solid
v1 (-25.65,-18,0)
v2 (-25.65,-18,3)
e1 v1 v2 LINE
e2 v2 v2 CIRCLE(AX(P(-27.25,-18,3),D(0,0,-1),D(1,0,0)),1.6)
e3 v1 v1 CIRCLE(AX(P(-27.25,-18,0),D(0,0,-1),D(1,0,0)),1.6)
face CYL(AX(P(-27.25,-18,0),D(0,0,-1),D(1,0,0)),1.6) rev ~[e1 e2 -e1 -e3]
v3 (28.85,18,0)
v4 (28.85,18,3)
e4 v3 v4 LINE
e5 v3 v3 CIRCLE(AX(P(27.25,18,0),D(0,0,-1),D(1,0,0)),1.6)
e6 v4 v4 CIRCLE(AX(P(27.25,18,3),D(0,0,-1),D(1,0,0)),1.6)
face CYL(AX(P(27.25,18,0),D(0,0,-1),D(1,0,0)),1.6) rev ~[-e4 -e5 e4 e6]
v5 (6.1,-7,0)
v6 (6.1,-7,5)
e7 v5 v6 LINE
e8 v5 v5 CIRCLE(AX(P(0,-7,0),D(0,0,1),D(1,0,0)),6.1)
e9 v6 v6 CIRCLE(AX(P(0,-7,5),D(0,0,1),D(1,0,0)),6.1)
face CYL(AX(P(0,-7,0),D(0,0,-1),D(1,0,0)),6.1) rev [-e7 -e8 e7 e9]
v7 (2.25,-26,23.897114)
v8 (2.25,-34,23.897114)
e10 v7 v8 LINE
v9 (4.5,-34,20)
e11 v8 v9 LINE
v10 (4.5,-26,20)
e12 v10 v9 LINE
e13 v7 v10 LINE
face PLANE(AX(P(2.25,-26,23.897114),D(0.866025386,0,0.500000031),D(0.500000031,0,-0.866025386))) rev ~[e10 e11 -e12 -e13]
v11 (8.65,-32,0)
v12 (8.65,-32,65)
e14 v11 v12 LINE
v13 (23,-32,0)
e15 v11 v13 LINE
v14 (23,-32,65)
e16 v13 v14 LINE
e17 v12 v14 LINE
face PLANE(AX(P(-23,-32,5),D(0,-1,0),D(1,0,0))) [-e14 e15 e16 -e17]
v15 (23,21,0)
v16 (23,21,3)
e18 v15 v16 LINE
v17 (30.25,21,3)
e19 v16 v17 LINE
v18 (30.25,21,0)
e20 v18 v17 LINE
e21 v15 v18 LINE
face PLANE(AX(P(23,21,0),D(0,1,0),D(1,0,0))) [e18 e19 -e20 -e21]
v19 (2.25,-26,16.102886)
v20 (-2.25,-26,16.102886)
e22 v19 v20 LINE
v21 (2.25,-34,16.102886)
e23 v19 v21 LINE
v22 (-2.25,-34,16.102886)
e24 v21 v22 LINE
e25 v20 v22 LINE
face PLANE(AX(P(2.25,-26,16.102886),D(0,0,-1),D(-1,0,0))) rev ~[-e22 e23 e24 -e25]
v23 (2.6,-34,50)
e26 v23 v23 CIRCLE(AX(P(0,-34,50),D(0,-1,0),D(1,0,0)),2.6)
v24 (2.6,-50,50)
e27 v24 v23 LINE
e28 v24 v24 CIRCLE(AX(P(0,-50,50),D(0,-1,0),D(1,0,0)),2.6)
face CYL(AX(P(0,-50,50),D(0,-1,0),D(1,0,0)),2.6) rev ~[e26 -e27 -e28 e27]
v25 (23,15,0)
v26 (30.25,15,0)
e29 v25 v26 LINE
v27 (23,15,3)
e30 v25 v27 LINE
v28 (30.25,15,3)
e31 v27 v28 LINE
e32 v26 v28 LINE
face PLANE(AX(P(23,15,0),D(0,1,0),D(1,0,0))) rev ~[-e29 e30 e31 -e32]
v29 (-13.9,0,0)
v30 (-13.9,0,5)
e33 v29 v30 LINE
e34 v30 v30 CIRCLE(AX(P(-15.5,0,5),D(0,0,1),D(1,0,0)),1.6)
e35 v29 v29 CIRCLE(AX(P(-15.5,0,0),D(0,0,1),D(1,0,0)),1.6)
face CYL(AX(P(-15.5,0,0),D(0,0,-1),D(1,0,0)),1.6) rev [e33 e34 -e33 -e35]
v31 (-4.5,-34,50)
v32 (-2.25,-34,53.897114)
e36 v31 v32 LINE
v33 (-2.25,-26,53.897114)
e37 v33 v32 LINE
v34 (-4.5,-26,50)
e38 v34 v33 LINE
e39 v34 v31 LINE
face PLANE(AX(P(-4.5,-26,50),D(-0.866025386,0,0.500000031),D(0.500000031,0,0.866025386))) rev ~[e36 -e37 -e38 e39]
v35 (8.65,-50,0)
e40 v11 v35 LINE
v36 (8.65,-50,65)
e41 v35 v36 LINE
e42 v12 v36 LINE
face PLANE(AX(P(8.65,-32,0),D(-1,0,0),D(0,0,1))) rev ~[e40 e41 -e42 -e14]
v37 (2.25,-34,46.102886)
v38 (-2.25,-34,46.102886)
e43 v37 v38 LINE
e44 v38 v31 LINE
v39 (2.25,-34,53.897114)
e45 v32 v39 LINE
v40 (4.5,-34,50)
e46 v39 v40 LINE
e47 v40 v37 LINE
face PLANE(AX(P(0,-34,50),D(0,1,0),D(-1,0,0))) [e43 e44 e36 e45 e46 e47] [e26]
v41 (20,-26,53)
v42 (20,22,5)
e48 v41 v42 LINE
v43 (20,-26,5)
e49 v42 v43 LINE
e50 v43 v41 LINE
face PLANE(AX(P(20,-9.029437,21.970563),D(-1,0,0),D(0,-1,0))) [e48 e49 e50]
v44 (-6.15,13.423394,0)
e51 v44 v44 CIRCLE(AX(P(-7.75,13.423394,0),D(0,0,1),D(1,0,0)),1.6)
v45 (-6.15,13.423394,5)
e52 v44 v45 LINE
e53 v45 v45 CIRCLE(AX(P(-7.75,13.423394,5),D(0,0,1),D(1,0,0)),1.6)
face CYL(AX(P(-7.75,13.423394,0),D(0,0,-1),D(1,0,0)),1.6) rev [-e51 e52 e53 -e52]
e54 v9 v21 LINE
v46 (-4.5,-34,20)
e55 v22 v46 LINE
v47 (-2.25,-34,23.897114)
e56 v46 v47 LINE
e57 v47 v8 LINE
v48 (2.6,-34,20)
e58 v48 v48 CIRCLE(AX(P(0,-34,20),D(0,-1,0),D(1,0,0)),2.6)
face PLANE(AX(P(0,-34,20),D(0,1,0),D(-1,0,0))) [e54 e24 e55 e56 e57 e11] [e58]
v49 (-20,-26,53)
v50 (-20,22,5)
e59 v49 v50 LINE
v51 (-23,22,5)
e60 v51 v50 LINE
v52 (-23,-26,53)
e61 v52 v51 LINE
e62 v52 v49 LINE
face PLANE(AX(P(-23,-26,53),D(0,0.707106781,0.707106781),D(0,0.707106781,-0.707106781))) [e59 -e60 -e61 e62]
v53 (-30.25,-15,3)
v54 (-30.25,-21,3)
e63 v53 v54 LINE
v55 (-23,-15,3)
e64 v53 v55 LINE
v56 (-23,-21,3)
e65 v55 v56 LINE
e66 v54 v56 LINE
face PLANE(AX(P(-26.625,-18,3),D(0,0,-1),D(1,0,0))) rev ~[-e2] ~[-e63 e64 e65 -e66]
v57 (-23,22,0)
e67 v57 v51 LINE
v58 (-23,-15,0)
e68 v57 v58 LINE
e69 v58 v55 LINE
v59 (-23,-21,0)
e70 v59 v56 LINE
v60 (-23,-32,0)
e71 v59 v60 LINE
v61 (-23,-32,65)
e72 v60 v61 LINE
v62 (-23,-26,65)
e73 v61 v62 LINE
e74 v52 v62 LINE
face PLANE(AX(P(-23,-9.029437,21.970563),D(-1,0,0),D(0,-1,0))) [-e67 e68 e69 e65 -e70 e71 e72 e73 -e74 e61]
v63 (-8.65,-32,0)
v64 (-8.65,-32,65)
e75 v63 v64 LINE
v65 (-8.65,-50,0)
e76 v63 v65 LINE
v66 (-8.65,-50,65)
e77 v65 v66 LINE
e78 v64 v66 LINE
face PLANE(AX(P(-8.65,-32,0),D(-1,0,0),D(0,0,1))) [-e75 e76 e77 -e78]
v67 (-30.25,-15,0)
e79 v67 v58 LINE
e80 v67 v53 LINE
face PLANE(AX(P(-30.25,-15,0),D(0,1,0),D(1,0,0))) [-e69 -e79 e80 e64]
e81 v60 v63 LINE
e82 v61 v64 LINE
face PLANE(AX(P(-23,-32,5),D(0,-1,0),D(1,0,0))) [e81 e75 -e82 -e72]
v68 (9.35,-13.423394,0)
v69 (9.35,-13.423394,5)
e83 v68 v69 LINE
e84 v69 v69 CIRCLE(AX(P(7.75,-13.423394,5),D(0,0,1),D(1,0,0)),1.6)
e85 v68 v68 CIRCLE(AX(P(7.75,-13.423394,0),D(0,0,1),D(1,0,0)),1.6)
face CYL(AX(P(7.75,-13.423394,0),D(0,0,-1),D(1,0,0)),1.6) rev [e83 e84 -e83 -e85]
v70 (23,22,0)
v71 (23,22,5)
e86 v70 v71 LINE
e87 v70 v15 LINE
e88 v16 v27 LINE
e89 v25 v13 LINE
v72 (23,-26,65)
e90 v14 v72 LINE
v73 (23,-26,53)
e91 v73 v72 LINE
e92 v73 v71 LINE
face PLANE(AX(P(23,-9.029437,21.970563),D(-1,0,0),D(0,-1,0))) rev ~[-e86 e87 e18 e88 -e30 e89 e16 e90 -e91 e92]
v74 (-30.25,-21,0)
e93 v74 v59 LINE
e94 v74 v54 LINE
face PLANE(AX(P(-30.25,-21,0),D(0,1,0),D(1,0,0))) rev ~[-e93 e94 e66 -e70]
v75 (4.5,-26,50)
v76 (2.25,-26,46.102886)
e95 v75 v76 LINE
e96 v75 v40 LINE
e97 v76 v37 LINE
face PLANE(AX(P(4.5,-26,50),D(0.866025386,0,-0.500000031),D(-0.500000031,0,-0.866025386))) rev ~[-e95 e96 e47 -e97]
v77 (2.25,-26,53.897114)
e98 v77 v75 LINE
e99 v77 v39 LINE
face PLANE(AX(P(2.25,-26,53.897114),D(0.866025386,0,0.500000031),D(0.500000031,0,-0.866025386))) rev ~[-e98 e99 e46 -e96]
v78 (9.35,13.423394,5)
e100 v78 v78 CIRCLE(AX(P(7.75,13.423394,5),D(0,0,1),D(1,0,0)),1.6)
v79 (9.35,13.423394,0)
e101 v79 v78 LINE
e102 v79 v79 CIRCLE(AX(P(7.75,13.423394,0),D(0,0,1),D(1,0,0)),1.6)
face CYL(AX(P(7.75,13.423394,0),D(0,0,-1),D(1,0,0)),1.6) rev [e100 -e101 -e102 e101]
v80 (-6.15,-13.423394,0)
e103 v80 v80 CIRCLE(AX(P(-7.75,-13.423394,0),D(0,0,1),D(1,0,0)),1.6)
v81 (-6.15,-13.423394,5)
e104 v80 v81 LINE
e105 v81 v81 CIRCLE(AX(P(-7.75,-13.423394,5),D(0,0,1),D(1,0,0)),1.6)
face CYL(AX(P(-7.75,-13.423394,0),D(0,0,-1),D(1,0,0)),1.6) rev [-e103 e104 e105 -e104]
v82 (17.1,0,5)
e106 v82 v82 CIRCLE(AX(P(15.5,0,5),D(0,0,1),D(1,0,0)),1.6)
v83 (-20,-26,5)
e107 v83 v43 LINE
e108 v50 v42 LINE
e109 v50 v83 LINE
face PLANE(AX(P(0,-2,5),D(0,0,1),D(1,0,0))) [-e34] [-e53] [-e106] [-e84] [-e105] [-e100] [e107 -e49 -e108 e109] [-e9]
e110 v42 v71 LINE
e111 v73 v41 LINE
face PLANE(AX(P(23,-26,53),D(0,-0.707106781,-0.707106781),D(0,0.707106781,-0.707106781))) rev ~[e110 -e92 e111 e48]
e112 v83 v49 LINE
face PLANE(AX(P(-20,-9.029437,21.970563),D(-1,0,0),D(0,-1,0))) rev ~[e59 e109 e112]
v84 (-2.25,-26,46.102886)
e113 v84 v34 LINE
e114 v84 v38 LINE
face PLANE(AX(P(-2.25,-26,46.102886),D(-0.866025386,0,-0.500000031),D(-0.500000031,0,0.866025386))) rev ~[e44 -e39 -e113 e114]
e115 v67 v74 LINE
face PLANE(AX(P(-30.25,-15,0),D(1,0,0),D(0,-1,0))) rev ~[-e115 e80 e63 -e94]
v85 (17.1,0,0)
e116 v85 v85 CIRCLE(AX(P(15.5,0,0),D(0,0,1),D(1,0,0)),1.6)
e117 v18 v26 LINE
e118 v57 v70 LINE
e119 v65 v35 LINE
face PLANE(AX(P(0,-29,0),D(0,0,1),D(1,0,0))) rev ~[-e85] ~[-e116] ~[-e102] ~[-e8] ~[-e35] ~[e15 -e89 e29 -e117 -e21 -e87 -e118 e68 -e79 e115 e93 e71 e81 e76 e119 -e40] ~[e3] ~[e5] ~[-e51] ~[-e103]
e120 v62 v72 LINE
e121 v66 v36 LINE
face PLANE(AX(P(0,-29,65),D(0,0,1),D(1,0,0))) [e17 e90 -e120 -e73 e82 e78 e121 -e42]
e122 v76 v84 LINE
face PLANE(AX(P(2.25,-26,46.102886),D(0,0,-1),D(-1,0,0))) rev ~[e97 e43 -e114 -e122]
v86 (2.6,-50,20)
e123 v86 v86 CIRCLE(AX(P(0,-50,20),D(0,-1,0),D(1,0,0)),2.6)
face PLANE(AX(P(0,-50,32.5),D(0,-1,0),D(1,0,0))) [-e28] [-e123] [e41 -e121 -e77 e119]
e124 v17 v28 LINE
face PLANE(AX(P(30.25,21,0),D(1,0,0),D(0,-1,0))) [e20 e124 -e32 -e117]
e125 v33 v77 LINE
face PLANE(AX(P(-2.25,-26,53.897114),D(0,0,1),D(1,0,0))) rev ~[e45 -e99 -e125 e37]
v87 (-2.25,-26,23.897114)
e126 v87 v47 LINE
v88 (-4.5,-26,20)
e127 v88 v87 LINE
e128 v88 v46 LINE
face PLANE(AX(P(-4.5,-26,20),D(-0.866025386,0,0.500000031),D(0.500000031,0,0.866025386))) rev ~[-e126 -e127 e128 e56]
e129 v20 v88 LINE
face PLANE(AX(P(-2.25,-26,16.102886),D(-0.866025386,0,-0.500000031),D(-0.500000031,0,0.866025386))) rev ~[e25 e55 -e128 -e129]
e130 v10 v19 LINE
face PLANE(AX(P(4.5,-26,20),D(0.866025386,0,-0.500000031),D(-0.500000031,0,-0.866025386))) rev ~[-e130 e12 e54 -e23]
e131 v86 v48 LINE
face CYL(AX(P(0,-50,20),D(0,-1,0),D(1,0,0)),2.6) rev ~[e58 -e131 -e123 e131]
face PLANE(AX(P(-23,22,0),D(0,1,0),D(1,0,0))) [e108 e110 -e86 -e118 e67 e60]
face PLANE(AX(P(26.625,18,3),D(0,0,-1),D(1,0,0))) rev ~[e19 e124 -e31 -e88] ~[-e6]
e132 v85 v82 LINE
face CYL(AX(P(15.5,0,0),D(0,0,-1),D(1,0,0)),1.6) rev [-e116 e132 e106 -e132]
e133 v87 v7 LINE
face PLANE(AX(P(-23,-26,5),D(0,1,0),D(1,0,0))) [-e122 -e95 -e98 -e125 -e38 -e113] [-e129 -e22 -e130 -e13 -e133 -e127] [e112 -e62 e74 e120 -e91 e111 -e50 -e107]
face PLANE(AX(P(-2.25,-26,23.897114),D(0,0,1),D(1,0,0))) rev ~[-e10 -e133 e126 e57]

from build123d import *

# Parameters (mm, degrees)
SKETCH_W          = 46
SKETCH_H          = 48
SKETCH_R          = 1.6
SKETCH_R_2        = 6.1
PAD_DEPTH         = 5
SKETCH001_W       = 46
SKETCH001_H       = 6
PAD001_DEPTH      = 60
PAD001_DEPTH_BACK = 5
SKETCH002_W       = 17.3
SKETCH002_H       = 65
PAD002_DEPTH      = 18
POCKET_DEPTH      = 8
SKETCH004_R       = 2.6
POCKET001_DEPTH   = 72.001
PAD003_DEPTH      = 3
PAD004_DEPTH      = 3
SKETCH007_W       = 7.25
SKETCH007_H       = 6
SKETCH007_R       = 1.6
PAD005_DEPTH      = 3


with BuildPart() as part:
    # Sketch → Pad (new body)
    with BuildSketch(Plane.XY):
        with Locations((0, -2)):
            Rectangle(SKETCH_W, SKETCH_H)
        with Locations((-7.75, 13.423394)):
            Circle(SKETCH_R, mode=Mode.SUBTRACT)
        with Locations((7.75, 13.423394)):
            Circle(SKETCH_R, mode=Mode.SUBTRACT)
        with Locations((-15.5, 0)):
            Circle(SKETCH_R, mode=Mode.SUBTRACT)
        with Locations((-7.75, -13.423394)):
            Circle(SKETCH_R, mode=Mode.SUBTRACT)
        with Locations((7.75, -13.423394)):
            Circle(SKETCH_R, mode=Mode.SUBTRACT)
        with Locations((15.5, 0)):
            Circle(SKETCH_R, mode=Mode.SUBTRACT)
        with Locations((0, -7)):
            Circle(SKETCH_R_2, mode=Mode.SUBTRACT)
    extrude(amount=PAD_DEPTH)

    # Sketch001 → Pad001 (new body, two sides)
    with BuildSketch(Plane.XY.offset(5)) as pad001_sk:
        with Locations((0, -29)):
            Rectangle(SKETCH001_W, SKETCH001_H)
    extrude(amount=PAD001_DEPTH)
    extrude(pad001_sk.sketch, amount=-PAD001_DEPTH_BACK)

    # Sketch002 → Pad002 (new body)
    with BuildSketch(Plane.XZ.offset(32)):
        with Locations((0, 32.5)):
            Rectangle(SKETCH002_W, SKETCH002_H)
    extrude(amount=PAD002_DEPTH)

    # Sketch003 → Pocket (cut)
    with BuildSketch(Plane(origin=(0, -26, 0), x_dir=(-1, 0, 0), z_dir=(0, 1, 0))):
        Polygon((4.5, 50), (2.25, 53.897114), (-2.25, 53.897114), (-4.5, 50), (-2.25, 46.102886), (2.25, 46.102886), align=None)
        Polygon((4.5, 20), (2.25, 23.897114), (-2.25, 23.897114), (-4.5, 20), (-2.25, 16.102886), (2.25, 16.102886), align=None)
    extrude(amount=-POCKET_DEPTH, mode=Mode.SUBTRACT)

    # Sketch004 → Pocket001 (cut, through all)
    with BuildSketch(Plane.XZ.offset(50)):
        with Locations((0, 50)):
            Circle(SKETCH004_R)
        with Locations((0, 20)):
            Circle(SKETCH004_R)
    extrude(amount=-POCKET001_DEPTH, mode=Mode.SUBTRACT)

    # Sketch005 → Pad003 (new body)
    with BuildSketch(Plane(origin=(-23, 0, 0), x_dir=(0, -1, 0), z_dir=(-1, 0, 0))):
        Polygon((-22, 5), (26, 5), (26, 53), align=None)
    extrude(amount=-PAD003_DEPTH)

    # Sketch006 → Pad004 (new body)
    with BuildSketch(Plane.YZ.offset(23)):
        Polygon((22, 5), (-26, 5), (-26, 53), align=None)
    extrude(amount=-PAD004_DEPTH)

    # Sketch007 → Pad005 (new body)
    with BuildSketch(Plane(origin=(0, 0, 0), x_dir=(1, 0, 0), z_dir=(0, 0, -1))):
        with Locations((-26.625, 18)):
            Rectangle(SKETCH007_W, SKETCH007_H)
        with Locations((-27.25, 18)):
            Circle(SKETCH007_R, mode=Mode.SUBTRACT)
        with Locations((26.625, -18)):
            Rectangle(SKETCH007_W, SKETCH007_H)
        with Locations((27.25, -18)):
            Circle(SKETCH007_R, mode=Mode.SUBTRACT)
    extrude(amount=-PAD005_DEPTH)


solid = part.part
